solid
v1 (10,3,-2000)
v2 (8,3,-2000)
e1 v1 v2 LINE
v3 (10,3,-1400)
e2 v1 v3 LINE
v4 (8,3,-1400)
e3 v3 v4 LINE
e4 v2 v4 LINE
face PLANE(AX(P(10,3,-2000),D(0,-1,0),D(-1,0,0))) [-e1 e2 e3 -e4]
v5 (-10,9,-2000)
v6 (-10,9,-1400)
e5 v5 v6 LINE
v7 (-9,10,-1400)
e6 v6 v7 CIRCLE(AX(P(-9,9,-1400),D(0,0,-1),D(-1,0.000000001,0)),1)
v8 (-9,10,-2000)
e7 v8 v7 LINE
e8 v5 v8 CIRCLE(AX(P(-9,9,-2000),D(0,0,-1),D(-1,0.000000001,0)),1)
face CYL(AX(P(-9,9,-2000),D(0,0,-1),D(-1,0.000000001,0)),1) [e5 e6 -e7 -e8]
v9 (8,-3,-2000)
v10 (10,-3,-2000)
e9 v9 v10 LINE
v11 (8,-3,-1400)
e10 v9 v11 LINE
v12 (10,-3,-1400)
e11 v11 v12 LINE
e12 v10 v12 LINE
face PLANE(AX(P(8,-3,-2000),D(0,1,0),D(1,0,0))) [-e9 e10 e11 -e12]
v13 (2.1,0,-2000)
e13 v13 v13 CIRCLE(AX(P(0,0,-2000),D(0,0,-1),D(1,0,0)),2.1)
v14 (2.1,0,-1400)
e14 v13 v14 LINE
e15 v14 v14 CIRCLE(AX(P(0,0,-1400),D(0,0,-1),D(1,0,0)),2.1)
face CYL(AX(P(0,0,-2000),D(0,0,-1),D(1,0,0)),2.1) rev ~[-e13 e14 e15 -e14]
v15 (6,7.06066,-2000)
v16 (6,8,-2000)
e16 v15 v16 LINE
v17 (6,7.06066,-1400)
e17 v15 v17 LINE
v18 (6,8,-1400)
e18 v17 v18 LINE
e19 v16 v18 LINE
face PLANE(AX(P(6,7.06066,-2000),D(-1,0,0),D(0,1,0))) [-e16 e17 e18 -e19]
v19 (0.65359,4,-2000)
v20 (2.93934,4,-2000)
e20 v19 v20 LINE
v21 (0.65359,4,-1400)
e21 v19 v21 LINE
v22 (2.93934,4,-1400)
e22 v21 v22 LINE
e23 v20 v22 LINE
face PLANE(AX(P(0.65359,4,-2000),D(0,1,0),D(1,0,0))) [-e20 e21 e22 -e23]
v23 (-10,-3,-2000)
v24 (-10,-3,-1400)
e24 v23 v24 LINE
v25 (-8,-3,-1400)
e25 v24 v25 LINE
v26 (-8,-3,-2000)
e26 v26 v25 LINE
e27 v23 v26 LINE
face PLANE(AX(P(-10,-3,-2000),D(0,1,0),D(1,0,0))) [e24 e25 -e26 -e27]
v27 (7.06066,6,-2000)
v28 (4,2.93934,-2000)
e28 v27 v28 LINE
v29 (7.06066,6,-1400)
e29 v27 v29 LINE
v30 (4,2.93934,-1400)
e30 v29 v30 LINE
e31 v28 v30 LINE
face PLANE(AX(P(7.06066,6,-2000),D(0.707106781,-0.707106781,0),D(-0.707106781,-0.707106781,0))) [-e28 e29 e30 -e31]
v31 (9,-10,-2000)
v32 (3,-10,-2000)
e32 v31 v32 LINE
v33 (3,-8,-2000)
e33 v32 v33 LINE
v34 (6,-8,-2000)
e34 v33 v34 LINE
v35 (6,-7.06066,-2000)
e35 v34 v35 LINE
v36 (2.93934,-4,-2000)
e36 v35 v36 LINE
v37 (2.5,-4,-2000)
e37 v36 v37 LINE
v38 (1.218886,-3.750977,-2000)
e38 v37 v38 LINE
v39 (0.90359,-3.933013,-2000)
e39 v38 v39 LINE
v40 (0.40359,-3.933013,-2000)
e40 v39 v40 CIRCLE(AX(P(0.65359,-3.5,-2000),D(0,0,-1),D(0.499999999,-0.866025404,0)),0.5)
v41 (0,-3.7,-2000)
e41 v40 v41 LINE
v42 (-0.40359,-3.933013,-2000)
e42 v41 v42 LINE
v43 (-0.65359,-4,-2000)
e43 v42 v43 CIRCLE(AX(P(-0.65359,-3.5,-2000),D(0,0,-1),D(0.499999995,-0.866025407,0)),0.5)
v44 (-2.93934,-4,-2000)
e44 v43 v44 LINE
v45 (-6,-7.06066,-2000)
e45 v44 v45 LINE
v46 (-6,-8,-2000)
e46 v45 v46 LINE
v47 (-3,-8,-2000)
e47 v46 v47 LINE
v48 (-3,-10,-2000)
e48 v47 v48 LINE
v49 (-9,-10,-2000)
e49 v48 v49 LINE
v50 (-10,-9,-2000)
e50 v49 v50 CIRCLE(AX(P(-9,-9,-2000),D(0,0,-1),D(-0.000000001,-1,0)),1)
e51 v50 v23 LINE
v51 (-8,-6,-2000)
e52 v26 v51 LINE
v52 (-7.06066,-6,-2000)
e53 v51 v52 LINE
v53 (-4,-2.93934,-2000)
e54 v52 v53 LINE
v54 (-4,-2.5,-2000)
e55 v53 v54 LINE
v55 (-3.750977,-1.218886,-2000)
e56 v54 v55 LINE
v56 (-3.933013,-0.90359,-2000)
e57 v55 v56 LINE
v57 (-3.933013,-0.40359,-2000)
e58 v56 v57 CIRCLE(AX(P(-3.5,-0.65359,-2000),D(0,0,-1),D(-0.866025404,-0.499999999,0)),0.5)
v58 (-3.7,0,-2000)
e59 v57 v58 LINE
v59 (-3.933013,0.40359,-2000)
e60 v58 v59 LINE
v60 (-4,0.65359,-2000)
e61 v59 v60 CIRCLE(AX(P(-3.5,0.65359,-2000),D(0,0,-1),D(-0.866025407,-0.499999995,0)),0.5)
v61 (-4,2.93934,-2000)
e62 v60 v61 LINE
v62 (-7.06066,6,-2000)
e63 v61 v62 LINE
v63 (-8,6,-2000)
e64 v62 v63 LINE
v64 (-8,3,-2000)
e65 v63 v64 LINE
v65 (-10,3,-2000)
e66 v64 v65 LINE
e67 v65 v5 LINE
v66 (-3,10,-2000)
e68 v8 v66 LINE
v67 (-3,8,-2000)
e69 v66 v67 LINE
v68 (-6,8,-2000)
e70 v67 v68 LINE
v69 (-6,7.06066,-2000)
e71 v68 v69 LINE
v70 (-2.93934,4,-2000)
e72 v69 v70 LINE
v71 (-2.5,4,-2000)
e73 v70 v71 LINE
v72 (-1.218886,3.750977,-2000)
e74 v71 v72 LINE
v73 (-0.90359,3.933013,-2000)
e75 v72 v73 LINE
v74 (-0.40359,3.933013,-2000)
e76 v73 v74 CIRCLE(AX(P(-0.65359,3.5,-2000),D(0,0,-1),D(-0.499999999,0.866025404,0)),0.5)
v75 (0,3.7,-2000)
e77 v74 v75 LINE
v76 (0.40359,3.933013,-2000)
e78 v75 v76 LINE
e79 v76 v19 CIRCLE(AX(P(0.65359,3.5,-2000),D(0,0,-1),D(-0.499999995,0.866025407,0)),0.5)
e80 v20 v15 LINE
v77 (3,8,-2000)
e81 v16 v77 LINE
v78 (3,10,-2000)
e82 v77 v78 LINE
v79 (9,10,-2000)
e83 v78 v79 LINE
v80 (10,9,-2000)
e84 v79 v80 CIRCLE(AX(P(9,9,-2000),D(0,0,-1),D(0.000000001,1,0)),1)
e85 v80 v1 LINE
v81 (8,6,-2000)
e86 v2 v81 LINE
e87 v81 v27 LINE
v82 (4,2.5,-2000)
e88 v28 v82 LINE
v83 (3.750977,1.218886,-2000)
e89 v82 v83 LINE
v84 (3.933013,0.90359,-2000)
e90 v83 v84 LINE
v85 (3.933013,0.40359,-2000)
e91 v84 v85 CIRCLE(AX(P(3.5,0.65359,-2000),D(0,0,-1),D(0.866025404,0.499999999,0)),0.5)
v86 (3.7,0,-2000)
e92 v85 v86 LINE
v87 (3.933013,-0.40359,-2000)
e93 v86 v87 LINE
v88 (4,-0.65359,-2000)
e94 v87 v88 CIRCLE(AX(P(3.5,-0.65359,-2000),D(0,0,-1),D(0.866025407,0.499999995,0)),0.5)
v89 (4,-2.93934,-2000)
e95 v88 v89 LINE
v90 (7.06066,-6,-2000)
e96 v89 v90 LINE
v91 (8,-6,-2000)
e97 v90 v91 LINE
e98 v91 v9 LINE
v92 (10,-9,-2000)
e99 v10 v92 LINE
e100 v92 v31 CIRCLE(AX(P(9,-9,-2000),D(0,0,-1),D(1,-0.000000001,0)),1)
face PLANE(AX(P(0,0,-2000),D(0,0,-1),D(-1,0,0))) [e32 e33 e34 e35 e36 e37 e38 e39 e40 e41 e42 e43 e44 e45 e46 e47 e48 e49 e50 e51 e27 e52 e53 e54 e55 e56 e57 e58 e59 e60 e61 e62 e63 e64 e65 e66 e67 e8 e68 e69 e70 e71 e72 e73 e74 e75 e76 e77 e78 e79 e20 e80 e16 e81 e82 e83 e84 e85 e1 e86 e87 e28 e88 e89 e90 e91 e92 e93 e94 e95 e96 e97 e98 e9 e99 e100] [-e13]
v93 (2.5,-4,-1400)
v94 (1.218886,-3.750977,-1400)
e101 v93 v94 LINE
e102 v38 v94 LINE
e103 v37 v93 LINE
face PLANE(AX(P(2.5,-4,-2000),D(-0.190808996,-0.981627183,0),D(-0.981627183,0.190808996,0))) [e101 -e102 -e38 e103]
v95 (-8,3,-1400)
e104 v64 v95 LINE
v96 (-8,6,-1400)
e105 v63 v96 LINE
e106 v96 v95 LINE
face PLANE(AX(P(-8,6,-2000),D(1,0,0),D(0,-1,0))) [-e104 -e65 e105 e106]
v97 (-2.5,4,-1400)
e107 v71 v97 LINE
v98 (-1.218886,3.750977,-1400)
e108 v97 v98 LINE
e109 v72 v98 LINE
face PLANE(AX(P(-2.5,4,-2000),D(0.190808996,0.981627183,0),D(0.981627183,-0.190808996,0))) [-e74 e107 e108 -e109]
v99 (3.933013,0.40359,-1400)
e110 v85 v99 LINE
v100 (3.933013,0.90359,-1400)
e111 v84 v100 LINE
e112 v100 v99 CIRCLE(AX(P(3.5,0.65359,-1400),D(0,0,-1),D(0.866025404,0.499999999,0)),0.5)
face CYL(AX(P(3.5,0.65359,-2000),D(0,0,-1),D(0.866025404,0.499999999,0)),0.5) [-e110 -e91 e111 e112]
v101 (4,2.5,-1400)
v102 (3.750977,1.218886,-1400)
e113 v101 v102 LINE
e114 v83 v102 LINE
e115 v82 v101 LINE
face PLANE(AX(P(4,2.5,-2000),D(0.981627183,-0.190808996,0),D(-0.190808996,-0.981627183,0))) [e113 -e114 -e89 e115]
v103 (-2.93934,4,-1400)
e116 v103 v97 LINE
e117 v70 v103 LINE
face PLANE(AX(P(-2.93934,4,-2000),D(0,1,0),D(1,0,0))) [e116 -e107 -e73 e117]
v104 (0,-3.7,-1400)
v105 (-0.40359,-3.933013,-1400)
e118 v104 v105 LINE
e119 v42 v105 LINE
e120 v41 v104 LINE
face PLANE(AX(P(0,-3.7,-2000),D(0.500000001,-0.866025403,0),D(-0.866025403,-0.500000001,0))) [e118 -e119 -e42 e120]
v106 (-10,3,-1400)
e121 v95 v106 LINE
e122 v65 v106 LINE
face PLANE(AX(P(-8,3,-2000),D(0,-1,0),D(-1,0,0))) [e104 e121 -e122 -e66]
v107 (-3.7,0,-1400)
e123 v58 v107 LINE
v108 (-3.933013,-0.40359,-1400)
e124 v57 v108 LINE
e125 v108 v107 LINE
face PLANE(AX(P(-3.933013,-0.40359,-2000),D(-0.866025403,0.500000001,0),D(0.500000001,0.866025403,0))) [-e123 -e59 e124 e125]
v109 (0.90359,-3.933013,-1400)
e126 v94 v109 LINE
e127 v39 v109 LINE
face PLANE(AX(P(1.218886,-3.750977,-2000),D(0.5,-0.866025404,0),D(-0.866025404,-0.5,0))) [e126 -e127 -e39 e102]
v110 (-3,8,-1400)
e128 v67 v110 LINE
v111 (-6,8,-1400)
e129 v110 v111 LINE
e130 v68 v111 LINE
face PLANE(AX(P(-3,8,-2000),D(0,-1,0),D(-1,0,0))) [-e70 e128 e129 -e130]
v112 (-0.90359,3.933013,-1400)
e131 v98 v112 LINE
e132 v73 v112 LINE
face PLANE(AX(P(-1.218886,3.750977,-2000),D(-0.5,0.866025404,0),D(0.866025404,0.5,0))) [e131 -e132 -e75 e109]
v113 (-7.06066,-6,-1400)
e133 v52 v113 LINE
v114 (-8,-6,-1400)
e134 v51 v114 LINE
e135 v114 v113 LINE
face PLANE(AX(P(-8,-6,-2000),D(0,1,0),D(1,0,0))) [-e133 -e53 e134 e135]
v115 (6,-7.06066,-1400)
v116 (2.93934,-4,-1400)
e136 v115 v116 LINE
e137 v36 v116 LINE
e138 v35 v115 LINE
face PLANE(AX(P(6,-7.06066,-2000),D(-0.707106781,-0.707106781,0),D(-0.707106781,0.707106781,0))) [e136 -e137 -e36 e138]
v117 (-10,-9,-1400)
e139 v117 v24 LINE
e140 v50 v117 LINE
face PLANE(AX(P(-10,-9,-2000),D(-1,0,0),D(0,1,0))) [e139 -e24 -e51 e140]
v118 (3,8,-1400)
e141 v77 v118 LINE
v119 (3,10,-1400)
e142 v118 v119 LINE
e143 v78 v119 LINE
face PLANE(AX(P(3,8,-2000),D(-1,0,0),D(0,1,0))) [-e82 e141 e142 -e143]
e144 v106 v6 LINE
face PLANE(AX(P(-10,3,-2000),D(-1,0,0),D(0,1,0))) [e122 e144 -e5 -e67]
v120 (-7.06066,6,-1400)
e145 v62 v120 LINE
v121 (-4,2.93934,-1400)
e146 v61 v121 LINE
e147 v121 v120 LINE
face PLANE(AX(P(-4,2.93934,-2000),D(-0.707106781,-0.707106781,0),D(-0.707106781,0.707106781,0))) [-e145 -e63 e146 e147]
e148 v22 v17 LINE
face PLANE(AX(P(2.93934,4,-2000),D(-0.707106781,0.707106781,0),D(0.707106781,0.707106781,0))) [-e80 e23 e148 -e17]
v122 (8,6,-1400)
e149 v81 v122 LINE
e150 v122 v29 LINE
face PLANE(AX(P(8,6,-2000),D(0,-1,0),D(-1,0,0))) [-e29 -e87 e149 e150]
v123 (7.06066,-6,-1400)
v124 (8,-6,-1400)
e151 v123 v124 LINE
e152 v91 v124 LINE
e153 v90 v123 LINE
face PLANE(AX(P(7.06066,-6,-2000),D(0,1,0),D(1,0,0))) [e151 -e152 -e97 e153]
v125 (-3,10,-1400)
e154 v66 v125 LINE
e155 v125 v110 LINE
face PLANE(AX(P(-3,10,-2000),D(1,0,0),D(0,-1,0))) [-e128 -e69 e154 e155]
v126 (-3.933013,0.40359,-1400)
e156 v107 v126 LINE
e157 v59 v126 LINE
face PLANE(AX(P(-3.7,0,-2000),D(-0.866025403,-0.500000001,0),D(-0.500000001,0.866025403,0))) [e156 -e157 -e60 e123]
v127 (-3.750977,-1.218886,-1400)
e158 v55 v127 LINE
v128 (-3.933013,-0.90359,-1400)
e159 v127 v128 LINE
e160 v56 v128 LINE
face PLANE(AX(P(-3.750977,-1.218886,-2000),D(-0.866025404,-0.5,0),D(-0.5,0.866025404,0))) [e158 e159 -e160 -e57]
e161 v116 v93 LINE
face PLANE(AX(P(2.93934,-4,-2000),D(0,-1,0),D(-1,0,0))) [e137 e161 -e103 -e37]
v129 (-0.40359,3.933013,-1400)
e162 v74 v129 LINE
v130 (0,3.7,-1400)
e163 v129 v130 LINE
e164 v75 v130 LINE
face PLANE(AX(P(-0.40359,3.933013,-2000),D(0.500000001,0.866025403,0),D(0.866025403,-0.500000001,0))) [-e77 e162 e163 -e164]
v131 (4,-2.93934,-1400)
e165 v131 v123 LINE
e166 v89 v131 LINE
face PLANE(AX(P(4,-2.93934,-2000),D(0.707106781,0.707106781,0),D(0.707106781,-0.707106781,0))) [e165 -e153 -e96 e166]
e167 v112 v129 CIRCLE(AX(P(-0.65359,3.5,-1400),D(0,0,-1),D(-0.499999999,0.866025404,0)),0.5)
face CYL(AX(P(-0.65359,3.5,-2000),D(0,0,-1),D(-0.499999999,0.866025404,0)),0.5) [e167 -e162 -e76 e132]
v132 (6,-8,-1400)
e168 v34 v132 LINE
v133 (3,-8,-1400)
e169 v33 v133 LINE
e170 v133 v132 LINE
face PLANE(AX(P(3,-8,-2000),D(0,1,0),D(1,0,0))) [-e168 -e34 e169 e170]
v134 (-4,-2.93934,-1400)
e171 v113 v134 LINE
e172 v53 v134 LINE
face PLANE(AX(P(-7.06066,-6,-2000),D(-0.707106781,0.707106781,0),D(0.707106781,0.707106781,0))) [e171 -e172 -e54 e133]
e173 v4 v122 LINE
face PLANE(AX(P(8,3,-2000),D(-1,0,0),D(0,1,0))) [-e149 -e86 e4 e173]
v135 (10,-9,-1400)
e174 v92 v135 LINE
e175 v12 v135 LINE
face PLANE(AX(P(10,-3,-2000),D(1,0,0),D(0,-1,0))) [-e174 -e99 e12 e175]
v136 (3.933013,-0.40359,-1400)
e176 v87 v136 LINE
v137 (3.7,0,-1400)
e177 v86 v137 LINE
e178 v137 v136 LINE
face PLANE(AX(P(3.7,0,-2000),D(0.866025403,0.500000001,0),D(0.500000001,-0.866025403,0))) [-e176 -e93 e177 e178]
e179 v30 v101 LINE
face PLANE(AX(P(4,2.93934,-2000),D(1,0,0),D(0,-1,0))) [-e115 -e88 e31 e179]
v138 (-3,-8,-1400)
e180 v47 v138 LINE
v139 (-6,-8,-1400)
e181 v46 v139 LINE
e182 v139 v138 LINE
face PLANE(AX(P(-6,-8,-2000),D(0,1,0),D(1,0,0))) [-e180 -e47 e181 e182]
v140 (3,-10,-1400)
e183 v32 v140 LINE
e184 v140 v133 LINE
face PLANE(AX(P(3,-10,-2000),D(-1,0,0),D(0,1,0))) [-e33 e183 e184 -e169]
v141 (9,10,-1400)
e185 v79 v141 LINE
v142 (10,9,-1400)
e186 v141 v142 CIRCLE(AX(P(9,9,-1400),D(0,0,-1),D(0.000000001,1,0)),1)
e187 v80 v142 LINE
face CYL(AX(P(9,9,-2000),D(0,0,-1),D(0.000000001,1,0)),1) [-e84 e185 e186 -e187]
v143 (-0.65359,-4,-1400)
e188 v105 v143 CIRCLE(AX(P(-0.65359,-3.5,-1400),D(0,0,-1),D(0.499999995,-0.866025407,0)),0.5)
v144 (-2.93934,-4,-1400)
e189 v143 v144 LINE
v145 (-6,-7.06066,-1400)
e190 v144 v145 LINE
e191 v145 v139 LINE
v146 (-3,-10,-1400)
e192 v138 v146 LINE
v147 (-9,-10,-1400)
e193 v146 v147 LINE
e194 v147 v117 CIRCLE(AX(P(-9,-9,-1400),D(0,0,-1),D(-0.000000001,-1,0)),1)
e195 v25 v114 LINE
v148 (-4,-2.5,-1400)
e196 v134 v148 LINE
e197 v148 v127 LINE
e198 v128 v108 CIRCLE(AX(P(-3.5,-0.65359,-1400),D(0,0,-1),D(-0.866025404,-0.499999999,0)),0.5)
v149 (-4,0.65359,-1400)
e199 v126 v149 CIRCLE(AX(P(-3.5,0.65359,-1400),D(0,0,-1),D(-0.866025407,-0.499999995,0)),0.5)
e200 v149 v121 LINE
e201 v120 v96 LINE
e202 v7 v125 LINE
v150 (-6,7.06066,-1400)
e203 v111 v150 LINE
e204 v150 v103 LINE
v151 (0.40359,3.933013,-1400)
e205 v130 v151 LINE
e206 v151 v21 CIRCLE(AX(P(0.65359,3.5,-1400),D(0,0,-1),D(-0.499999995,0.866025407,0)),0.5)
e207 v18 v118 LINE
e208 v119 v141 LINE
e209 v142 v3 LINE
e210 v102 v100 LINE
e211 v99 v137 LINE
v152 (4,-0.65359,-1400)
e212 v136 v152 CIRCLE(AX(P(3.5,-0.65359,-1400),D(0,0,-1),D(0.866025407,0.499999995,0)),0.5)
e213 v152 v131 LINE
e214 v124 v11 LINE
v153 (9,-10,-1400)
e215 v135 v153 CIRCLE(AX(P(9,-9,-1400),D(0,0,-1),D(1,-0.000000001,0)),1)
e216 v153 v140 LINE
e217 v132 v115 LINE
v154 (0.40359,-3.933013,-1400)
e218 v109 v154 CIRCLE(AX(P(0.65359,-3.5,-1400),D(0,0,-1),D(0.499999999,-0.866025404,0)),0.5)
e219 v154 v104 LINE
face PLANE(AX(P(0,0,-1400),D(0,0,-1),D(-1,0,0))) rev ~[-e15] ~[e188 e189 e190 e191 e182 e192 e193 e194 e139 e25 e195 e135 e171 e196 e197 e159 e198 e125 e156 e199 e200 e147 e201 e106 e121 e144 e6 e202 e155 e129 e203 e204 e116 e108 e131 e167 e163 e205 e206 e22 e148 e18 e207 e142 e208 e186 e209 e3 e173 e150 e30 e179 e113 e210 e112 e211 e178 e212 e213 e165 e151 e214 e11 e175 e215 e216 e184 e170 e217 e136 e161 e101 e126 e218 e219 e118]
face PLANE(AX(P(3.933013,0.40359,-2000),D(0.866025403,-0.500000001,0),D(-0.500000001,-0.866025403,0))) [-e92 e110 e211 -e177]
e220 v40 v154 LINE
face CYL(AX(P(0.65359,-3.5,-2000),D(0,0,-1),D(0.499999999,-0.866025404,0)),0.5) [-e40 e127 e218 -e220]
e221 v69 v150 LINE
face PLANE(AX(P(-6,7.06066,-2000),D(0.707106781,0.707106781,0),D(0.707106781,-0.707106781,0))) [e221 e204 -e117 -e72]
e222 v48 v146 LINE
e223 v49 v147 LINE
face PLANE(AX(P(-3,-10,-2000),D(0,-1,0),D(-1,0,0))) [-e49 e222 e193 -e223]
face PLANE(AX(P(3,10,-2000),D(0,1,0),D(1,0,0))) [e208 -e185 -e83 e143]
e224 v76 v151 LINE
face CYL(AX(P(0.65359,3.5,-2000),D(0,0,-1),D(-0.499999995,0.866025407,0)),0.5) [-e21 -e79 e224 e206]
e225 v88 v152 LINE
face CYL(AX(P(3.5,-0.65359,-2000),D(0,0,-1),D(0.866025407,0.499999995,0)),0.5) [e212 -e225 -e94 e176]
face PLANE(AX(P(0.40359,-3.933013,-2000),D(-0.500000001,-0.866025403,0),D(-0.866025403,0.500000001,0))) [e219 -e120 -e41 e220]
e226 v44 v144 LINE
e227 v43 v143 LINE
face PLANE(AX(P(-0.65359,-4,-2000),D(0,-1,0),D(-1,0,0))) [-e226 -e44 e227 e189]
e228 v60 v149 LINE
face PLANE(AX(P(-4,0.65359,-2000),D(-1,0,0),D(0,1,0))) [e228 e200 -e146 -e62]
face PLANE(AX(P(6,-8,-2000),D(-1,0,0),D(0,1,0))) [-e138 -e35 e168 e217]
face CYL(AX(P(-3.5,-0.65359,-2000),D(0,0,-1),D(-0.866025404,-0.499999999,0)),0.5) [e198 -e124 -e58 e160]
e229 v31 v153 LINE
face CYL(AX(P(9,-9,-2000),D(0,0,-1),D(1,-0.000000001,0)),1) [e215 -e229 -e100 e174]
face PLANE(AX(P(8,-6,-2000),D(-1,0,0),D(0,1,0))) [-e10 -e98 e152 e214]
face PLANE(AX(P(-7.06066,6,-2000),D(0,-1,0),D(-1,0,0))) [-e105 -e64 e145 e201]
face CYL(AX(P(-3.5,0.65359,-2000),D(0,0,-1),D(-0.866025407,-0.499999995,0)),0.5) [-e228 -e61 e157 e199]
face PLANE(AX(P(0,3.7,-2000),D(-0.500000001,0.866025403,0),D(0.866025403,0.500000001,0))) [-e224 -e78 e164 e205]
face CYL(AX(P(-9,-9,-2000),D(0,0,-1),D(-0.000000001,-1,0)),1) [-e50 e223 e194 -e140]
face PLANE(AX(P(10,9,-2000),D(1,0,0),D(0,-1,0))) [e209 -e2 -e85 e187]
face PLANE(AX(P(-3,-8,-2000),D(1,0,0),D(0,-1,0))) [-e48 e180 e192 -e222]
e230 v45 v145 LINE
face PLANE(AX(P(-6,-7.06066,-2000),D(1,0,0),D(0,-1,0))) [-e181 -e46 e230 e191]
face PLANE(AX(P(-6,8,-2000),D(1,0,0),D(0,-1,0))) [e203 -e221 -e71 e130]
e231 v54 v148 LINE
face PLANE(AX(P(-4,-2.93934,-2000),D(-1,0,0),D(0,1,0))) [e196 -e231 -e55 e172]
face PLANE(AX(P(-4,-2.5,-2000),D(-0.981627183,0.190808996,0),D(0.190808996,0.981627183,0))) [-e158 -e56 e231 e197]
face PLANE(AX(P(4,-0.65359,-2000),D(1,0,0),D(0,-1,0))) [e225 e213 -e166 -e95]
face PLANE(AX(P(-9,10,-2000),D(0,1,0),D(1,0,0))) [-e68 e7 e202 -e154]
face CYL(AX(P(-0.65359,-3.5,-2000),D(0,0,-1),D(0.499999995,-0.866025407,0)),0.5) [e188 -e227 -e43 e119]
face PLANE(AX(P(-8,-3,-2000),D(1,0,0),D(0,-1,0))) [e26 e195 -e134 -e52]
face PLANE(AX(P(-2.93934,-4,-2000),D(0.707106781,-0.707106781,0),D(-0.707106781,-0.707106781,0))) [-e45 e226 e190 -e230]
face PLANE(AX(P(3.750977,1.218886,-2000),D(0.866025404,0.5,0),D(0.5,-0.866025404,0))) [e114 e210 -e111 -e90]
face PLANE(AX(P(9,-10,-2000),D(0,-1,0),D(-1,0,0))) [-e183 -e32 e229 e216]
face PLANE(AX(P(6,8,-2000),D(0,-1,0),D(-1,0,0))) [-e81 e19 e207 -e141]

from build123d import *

# Parameters (mm, degrees)
SKETCH1_R           = 2.1
BOSS_EXTRUDE1_DEPTH = 600


with BuildPart() as part:
    # Sketch1 → Boss-Extrude1 (new body)
    with BuildSketch(Plane(origin=(0, 0, -2000), x_dir=(-1, 0, 0), z_dir=(0, 0, -1))):
        with BuildLine():
            Line((10, -3), (8, -3))
            Line((8, -3), (8, -6))
            Line((8, -6), (7.060660172, -6))
            Line((7.060660172, -6), (4, -2.939339828))
            Line((4, -2.939339828), (4, -2.5))
            Line((4, -2.5), (3.750976592, -1.218885629))
            Line((3.750976592, -1.218885629), (3.933012702, -0.903589838))
            ThreePointArc((3.933012702, -0.903589838), (4, -0.653589838), (3.933012702, -0.403589838))
            Line((3.933012702, -0.403589838), (3.7, 0))
            Line((3.7, 0), (3.933012702, 0.403589838))
            ThreePointArc((3.933012702, 0.403589838), (3.982962913, 0.524180316), (4, 0.653589838))
            Line((4, 0.653589838), (4, 2.939339828))
            Line((4, 2.939339828), (7.060660172, 6))
            Line((7.060660172, 6), (8, 6))
            Line((8, 6), (8, 3))
            Line((8, 3), (10, 3))
            Line((10, 3), (10, 9))
            ThreePointArc((10, 9), (9.707106781, 9.707106781), (9, 10))
            Line((9, 10), (3, 10))
            Line((3, 10), (3, 8))
            Line((3, 8), (6, 8))
            Line((6, 8), (6, 7.060660172))
            Line((6, 7.060660172), (2.939339828, 4))
            Line((2.939339828, 4), (2.5, 4))
            Line((2.5, 4), (1.218885629, 3.750976592))
            Line((1.218885629, 3.750976592), (0.903589838, 3.933012702))
            ThreePointArc((0.903589838, 3.933012702), (0.653589838, 4), (0.403589838, 3.933012702))
            Line((0.403589838, 3.933012702), (0, 3.7))
            Line((0, 3.7), (-0.403589838, 3.933012702))
            ThreePointArc((-0.403589838, 3.933012702), (-0.524180316, 3.982962913), (-0.653589838, 4))
            Line((-0.653589838, 4), (-2.939339828, 4))
            Line((-2.939339828, 4), (-6, 7.060660172))
            Line((-6, 7.060660172), (-6, 8))
            Line((-6, 8), (-3, 8))
            Line((-3, 8), (-3, 10))
            Line((-3, 10), (-9, 10))
            ThreePointArc((-9, 10), (-9.707106781, 9.707106781), (-10, 9))
            Line((-10, 9), (-10, 3))
            Line((-10, 3), (-8, 3))
            Line((-8, 3), (-8, 6))
            Line((-8, 6), (-7.060660172, 6))
            Line((-7.060660172, 6), (-4, 2.939339828))
            Line((-4, 2.939339828), (-4, 2.5))
            Line((-4, 2.5), (-3.750976592, 1.218885629))
            Line((-3.750976592, 1.218885629), (-3.933012702, 0.903589838))
            ThreePointArc((-3.933012702, 0.903589838), (-4, 0.653589838), (-3.933012702, 0.403589838))
            Line((-3.933012702, 0.403589838), (-3.7, 0))
            Line((-3.7, 0), (-3.933012702, -0.403589838))
            ThreePointArc((-3.933012702, -0.403589838), (-3.982962913, -0.524180316), (-4, -0.653589838))
            Line((-4, -0.653589838), (-4, -2.939339828))
            Line((-4, -2.939339828), (-7.060660172, -6))
            Line((-7.060660172, -6), (-8, -6))
            Line((-8, -6), (-8, -3))
            Line((-8, -3), (-10, -3))
            Line((-10, -3), (-10, -9))
            ThreePointArc((-10, -9), (-9.707106781, -9.707106781), (-9, -10))
            Line((-9, -10), (-3, -10))
            Line((-3, -10), (-3, -8))
            Line((-3, -8), (-6, -8))
            Line((-6, -8), (-6, -7.060660172))
            Line((-6, -7.060660172), (-2.939339828, -4))
            Line((-2.939339828, -4), (-2.5, -4))
            Line((-2.5, -4), (-1.218885629, -3.750976592))
            Line((-1.218885629, -3.750976592), (-0.903589838, -3.933012702))
            ThreePointArc((-0.903589838, -3.933012702), (-0.653589838, -4), (-0.403589838, -3.933012702))
            Line((-0.403589838, -3.933012702), (0, -3.7))
            Line((0, -3.7), (0.403589838, -3.933012702))
            ThreePointArc((0.403589838, -3.933012702), (0.524180316, -3.982962913), (0.653589838, -4))
            Line((0.653589838, -4), (2.939339828, -4))
            Line((2.939339828, -4), (6, -7.060660172))
            Line((6, -7.060660172), (6, -8))
            Line((6, -8), (3, -8))
            Line((3, -8), (3, -10))
            Line((3, -10), (9, -10))
            ThreePointArc((9, -10), (9.707106781, -9.707106781), (10, -9))
            Line((10, -9), (10, -3))
        make_face()
        with Locations(Location((0, 0, 0), (0, 0, 180))):
            Circle(SKETCH1_R, mode=Mode.SUBTRACT)
    extrude(amount=-BOSS_EXTRUDE1_DEPTH)


solid = part.part
